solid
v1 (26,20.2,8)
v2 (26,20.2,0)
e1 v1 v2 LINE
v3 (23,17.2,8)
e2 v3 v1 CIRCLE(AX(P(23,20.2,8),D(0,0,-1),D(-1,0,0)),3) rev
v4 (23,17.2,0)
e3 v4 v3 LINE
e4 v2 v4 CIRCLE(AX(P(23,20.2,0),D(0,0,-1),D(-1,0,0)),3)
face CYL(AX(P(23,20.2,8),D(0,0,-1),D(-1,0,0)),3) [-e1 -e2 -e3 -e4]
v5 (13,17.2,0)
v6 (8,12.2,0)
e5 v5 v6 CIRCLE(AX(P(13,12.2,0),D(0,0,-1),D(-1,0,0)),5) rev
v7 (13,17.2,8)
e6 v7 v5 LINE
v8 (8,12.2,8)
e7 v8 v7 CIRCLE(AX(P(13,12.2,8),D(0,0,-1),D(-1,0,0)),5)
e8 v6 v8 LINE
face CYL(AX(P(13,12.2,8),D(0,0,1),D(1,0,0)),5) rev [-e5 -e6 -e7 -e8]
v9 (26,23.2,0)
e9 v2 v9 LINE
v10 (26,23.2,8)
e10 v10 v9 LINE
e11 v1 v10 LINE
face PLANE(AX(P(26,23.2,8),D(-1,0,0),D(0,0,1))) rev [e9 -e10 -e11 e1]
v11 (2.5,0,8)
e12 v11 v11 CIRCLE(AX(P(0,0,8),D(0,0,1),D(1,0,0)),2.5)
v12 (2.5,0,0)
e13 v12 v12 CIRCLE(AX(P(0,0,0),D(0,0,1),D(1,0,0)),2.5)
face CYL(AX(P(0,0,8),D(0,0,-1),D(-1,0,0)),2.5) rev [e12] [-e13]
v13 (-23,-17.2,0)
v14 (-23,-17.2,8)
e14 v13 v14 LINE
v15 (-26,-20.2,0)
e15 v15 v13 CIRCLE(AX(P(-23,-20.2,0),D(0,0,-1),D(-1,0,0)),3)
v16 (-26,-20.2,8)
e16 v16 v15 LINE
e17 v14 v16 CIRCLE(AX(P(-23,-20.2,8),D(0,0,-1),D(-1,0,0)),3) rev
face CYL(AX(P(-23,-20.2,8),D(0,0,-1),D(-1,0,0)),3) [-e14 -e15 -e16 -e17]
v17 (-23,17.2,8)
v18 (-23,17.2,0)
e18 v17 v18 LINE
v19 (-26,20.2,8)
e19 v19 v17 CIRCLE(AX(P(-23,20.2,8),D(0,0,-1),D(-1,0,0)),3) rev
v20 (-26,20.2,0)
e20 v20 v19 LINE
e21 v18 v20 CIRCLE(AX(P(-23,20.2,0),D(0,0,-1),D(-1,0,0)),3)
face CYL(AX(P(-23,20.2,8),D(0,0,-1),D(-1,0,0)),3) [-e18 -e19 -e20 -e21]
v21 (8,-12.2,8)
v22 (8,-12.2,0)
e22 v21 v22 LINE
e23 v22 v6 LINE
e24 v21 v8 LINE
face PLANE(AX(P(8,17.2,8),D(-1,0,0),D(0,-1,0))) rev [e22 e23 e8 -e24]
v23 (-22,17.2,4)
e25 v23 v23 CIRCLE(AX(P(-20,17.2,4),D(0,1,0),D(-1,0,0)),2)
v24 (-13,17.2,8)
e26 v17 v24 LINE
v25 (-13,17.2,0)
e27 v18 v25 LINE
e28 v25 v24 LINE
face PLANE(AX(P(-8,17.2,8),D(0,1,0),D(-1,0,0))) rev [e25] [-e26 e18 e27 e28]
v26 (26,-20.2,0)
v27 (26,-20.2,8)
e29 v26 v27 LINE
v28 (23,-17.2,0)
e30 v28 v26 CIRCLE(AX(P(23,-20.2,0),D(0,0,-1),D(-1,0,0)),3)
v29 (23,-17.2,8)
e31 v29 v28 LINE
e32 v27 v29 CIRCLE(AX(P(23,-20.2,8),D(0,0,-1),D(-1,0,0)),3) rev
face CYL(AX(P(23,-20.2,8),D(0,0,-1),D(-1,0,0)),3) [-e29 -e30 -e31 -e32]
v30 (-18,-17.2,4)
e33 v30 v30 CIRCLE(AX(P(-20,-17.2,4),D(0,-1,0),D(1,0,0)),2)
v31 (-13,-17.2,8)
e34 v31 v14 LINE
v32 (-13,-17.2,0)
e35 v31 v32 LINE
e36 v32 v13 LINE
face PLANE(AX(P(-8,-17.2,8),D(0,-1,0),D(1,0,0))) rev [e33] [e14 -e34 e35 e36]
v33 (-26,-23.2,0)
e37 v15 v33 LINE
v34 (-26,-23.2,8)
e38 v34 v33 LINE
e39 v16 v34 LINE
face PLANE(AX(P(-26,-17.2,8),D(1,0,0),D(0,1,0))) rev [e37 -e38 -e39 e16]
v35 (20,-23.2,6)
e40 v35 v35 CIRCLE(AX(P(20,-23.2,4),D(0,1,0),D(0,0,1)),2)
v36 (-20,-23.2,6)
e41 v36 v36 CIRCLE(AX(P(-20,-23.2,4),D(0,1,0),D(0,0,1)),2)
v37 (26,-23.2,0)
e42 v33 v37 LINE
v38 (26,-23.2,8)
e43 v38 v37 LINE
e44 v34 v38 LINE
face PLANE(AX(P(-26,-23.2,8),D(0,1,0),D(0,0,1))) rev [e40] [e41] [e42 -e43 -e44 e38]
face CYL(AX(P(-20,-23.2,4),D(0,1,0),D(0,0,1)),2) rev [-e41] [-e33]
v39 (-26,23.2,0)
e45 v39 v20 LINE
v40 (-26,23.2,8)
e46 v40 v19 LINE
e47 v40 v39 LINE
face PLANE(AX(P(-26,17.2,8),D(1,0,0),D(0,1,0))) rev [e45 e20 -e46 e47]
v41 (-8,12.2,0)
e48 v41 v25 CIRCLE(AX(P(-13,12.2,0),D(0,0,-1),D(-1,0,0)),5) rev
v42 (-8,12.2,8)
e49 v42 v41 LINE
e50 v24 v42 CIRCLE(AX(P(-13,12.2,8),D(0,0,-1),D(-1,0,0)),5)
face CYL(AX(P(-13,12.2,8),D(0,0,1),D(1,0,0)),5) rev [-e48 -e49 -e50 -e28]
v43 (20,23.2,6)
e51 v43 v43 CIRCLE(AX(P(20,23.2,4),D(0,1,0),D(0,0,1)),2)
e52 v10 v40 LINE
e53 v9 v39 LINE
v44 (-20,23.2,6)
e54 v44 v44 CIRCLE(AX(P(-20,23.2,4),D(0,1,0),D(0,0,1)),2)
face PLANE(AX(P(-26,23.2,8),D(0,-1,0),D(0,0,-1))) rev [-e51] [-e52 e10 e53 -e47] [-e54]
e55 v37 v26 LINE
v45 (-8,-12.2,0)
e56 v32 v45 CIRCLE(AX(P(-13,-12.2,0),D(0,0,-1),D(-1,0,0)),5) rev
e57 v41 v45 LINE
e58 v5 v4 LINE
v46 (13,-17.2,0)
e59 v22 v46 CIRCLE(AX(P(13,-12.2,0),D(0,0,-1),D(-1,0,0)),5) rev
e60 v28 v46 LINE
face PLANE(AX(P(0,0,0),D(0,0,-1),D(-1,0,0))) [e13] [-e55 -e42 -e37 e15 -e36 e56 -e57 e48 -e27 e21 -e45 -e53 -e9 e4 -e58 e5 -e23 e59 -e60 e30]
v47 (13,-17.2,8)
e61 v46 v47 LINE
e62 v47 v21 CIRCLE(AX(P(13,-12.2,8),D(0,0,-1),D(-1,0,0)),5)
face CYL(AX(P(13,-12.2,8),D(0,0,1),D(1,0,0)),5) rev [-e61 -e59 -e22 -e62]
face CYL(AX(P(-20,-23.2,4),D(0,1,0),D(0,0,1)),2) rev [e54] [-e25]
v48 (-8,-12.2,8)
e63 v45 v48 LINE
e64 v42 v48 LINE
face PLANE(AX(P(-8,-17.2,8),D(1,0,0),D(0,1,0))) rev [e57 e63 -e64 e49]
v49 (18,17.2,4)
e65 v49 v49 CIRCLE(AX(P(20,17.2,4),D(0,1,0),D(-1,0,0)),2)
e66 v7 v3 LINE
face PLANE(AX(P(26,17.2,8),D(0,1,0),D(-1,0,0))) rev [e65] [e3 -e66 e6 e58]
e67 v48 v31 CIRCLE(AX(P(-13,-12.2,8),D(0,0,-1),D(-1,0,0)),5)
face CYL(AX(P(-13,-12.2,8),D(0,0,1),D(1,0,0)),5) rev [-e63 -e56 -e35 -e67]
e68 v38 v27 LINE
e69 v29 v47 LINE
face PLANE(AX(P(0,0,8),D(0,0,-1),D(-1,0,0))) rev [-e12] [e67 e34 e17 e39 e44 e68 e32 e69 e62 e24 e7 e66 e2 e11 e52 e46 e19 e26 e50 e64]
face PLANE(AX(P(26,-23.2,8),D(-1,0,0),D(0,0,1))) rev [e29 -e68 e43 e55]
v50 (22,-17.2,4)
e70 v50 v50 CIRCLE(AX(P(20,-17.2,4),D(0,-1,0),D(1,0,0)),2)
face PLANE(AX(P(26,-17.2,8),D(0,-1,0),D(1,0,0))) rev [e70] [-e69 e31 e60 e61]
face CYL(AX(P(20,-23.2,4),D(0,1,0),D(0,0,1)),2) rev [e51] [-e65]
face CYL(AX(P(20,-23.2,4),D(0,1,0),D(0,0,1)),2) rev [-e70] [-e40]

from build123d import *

# Parameters (mm, degrees)
SKETCH_1_R          = 2.5
EXTRUDE_1_DEPTH     = 8
SKETCH_2_R          = 2
CUT_EXTRUDE_1_DEPTH = 54.786243594
FILLET_1_R          = 3
FILLET_2_R          = 5


with BuildPart() as part:
    # 草图1 → 凸台-拉伸1 (new body)
    with BuildSketch(Plane.XY):
        Polygon((-8, -17.2), (-8, 17.2), (-26, 17.2), (-26, 23.2), (26, 23.2), (26, 17.2), (8, 17.2), (8, -17.2), (26, -17.2), (26, -23.2), (-26, -23.2), (-26, -17.2), align=None)
        Circle(SKETCH_1_R, mode=Mode.SUBTRACT)
    extrude(amount=EXTRUDE_1_DEPTH)

    # 草图2 → 切除-拉伸1 (cut, through all)
    with BuildSketch(Plane(origin=(0, 23.2, 0), x_dir=(1, 0, 0), z_dir=(0, 1, 0))):
        with Locations(Location((-20, -4, 0), (0, 0, 270))):
            Circle(SKETCH_2_R)
        with Locations(Location((20, -4, 0), (0, 0, 270))):
            Circle(SKETCH_2_R)
    extrude(amount=-CUT_EXTRUDE_1_DEPTH, mode=Mode.SUBTRACT)

    # 圆角1
    fillet_1_edges = [part.edges().sort_by_distance(p)[0] for p in [
        (-26, 17.2, 4),
        (26, 17.2, 4),
        (26, -17.2, 4),
        (-26, -17.2, 4),
    ]]
    fillet(fillet_1_edges, radius=FILLET_1_R)

    # 圆角2
    fillet_2_edges = [part.edges().sort_by_distance(p)[0] for p in [
        (8, 17.2, 4),
        (8, -17.2, 4),
        (-8, -17.2, 4),
        (-8, 17.2, 4),
    ]]
    fillet(fillet_2_edges, radius=FILLET_2_R)


solid = part.part
